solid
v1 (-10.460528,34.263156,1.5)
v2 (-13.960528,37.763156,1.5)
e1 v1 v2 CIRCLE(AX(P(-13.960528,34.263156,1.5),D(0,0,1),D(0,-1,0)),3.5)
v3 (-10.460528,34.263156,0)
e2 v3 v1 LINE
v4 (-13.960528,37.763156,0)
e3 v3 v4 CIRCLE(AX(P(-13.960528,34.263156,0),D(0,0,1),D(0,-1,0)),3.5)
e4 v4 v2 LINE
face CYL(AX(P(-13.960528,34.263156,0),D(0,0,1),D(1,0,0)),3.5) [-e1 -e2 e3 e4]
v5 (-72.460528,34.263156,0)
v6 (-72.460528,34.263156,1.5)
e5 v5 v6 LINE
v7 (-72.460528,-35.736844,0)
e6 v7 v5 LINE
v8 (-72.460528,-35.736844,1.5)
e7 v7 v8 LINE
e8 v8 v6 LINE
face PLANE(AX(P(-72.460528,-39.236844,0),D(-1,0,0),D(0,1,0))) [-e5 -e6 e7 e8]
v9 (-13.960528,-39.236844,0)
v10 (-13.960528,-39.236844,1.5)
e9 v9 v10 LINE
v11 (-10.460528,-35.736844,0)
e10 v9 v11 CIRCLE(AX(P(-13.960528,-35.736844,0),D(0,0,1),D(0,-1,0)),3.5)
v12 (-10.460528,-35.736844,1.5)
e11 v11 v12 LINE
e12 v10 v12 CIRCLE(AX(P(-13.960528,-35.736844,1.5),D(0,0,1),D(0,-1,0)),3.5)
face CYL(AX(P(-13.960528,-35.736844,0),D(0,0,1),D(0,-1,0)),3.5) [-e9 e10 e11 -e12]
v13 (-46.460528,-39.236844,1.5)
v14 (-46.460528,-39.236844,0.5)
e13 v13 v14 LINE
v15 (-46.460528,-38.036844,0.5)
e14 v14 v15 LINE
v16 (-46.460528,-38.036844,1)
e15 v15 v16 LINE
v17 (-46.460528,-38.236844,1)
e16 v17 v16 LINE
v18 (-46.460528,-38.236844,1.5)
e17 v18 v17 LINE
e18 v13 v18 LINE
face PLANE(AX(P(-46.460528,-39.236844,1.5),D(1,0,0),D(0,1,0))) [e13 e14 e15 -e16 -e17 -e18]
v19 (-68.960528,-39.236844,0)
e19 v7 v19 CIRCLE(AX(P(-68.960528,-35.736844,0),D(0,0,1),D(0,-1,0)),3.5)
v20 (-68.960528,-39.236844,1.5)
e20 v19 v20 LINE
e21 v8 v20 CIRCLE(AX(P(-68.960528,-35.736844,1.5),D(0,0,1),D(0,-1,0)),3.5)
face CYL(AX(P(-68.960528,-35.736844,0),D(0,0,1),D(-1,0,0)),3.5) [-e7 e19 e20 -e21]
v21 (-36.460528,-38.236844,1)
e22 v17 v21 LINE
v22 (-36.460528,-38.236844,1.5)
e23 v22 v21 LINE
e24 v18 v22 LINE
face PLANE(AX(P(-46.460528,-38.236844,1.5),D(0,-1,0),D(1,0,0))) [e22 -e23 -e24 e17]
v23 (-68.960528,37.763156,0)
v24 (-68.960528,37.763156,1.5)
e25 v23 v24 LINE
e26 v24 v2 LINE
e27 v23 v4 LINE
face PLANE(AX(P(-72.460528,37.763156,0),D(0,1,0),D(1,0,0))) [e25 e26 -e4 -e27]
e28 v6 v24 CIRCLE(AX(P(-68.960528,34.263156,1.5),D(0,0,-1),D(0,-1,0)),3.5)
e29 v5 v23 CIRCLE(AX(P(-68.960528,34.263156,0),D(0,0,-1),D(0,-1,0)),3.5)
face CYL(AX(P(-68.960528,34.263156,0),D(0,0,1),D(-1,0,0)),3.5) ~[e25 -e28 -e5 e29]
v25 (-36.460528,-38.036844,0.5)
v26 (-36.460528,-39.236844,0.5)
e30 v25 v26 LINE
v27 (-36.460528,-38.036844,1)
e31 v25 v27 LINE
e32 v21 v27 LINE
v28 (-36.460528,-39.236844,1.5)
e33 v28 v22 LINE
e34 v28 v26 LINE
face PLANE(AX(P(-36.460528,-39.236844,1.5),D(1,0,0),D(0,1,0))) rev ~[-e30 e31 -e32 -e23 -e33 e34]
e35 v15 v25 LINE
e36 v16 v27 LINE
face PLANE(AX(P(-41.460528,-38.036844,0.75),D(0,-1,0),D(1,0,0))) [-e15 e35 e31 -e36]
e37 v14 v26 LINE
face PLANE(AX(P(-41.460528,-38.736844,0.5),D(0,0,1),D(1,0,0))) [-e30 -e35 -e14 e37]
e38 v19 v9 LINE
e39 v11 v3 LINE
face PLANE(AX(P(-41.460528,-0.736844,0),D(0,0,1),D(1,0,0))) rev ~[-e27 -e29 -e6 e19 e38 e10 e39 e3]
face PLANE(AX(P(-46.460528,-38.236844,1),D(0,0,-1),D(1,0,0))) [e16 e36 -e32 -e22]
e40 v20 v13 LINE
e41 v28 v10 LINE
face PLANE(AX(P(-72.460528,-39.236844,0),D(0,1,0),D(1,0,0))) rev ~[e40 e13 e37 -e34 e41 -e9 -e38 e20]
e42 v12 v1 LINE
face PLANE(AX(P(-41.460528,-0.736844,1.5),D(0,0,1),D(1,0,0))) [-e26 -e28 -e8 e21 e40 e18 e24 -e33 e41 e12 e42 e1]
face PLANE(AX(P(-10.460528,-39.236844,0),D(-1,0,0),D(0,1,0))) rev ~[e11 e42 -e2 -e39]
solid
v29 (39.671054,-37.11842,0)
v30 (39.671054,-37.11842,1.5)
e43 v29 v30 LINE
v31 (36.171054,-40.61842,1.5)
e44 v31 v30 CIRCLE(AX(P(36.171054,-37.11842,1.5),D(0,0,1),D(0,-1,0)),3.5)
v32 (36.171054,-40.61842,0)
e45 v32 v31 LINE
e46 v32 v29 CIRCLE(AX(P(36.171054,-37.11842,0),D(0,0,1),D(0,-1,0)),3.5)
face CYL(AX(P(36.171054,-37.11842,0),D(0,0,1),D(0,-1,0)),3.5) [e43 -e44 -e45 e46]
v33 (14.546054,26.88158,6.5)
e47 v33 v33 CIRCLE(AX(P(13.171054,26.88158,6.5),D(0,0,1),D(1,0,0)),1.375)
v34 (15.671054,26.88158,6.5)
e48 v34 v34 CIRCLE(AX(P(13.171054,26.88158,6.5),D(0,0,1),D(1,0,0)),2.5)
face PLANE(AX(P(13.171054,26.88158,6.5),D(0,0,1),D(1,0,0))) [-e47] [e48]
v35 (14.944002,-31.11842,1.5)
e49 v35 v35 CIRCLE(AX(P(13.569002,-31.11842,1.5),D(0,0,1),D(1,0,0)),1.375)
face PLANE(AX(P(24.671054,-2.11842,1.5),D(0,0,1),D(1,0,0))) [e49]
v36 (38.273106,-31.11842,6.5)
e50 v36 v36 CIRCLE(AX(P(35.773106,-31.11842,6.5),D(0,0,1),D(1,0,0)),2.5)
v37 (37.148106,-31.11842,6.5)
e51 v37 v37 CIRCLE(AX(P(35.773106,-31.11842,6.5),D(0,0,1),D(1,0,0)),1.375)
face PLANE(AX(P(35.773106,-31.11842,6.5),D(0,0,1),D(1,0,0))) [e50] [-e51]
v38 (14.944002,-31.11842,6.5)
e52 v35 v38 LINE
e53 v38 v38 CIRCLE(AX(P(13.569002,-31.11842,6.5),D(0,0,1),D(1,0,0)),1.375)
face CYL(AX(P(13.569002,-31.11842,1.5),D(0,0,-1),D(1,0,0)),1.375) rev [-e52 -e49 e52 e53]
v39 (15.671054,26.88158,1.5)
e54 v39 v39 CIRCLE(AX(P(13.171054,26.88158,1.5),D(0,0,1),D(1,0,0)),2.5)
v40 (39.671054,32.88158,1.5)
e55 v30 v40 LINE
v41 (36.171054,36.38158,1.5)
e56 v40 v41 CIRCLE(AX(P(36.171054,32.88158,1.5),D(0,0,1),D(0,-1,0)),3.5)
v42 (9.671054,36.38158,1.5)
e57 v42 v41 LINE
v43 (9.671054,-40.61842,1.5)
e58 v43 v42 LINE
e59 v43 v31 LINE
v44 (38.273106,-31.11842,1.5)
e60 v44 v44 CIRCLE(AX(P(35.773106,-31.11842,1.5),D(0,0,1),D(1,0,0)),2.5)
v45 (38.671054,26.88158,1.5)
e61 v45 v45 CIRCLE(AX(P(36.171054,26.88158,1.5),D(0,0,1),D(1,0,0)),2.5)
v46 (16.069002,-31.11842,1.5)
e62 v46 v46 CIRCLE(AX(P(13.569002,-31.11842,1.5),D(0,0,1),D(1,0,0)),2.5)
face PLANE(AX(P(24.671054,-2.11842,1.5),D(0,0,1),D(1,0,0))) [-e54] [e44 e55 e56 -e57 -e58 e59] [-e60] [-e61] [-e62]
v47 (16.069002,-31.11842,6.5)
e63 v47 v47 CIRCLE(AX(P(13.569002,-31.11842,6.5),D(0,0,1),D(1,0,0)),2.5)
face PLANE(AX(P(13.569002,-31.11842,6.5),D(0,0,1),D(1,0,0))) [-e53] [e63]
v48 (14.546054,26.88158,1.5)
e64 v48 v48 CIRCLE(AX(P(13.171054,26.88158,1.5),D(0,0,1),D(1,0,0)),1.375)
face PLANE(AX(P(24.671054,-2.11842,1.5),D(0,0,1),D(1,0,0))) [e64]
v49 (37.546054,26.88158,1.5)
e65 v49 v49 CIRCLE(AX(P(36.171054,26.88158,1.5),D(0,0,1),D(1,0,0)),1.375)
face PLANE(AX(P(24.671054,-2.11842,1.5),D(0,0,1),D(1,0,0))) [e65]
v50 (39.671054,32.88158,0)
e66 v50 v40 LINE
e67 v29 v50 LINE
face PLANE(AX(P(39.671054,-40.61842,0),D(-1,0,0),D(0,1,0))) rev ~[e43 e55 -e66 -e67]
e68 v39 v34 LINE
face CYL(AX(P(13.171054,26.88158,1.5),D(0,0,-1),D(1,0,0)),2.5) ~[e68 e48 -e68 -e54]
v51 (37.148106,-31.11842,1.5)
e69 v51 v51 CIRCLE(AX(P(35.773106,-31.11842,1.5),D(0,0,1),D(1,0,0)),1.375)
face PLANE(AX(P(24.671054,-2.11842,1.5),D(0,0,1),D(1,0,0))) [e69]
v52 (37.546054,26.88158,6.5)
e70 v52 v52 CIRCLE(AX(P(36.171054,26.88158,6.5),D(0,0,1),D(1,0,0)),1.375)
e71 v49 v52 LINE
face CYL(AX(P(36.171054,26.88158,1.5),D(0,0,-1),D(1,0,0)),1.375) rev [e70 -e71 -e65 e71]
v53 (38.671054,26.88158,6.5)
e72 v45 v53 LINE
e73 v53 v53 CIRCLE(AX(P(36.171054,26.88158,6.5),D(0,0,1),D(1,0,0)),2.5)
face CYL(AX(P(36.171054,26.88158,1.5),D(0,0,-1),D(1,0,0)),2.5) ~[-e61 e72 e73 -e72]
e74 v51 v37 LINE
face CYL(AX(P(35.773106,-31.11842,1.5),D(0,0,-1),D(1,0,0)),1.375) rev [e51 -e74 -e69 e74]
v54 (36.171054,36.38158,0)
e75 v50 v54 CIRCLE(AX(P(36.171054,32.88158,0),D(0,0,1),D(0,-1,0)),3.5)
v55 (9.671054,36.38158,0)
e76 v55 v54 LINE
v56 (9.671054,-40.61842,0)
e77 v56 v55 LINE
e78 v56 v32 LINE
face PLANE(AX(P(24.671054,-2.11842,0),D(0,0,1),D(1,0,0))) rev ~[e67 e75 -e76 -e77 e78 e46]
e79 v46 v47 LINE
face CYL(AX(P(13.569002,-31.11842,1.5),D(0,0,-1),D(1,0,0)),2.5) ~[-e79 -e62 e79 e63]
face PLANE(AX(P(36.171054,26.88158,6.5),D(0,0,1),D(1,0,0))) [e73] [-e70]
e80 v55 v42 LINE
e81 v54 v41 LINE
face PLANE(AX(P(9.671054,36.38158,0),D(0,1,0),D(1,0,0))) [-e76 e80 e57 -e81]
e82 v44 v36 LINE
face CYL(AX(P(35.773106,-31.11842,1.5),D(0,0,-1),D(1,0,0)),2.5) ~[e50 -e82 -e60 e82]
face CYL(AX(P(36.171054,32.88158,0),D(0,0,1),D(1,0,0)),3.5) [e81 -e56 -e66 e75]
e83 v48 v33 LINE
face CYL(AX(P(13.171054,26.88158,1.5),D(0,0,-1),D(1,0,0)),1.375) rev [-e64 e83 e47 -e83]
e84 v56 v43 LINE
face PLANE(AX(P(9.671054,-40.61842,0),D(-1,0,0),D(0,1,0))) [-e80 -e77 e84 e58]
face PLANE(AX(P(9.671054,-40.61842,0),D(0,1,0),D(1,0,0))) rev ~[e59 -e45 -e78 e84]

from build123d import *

# Parameters (mm, degrees)
F0_W     = 62
F0_H     = 77
F0_W_2   = 30
F1_DEPTH = 1.5
F2_R     = 3.5
F3_R     = 2.5
F3_R_2   = 1.375
F4_DEPTH = 5
F5_W     = 10
F5_H     = 1
F6_DEPTH = 1
F7_W     = 10
F7_H     = 0.5
F8_DEPTH = 0.2


with BuildPart() as f1:
    # F0 (on Top) → F1 (new body)
    with BuildSketch(Plane.XY):
        with Locations((-41.460528, -0.736844)):
            Rectangle(F0_W, F0_H)
        with Locations((24.671054, -2.11842)):
            Rectangle(F0_W_2, F0_H)
    extrude(amount=F1_DEPTH)

    # F2
    f2_edges = [f1.edges().sort_by_distance(p)[0] for p in [
        (-10.460528, -39.236844, 0.75),
        (-72.460528, -39.236844, 0.75),
        (-72.460528, 37.763156, 0.75),
        (-10.460528, 37.763156, 0.75),
        (39.671054, 36.38158, 0.75),
        (39.671054, -40.61842, 0.75),
    ]]
    fillet(f2_edges, radius=F2_R)

    # F3 (on face) → F4 (join)
    with BuildSketch(Plane.XY.offset(1.5)):
        with Locations((13.569002, -31.11842)):
            Circle(F3_R)
        with Locations((13.569002, -31.11842)):
            Circle(F3_R_2, mode=Mode.SUBTRACT)
        with Locations((35.773106, -31.11842)):
            Circle(F3_R)
        with Locations((35.773106, -31.11842)):
            Circle(F3_R_2, mode=Mode.SUBTRACT)
        with Locations((36.171054, 26.88158)):
            Circle(F3_R)
        with Locations((36.171054, 26.88158)):
            Circle(F3_R_2, mode=Mode.SUBTRACT)
        with Locations((13.171054, 26.88158)):
            Circle(F3_R)
        with Locations((13.171054, 26.88158)):
            Circle(F3_R_2, mode=Mode.SUBTRACT)
    extrude(amount=F4_DEPTH)

    # F5 (on face) → F6 (cut)
    with BuildSketch(Plane.XY.offset(1.5)):
        with Locations((-41.460528, -38.736844)):
            Rectangle(F5_W, F5_H)
    extrude(amount=-F6_DEPTH, mode=Mode.SUBTRACT)

    # F7 (on face) → F8 (cut)
    with BuildSketch(Plane.XZ.offset(38.236844)):
        with Locations((-41.460528, 0.75)):
            Rectangle(F7_W, F7_H)
    extrude(amount=-F8_DEPTH, mode=Mode.SUBTRACT)


solid = f1.part
